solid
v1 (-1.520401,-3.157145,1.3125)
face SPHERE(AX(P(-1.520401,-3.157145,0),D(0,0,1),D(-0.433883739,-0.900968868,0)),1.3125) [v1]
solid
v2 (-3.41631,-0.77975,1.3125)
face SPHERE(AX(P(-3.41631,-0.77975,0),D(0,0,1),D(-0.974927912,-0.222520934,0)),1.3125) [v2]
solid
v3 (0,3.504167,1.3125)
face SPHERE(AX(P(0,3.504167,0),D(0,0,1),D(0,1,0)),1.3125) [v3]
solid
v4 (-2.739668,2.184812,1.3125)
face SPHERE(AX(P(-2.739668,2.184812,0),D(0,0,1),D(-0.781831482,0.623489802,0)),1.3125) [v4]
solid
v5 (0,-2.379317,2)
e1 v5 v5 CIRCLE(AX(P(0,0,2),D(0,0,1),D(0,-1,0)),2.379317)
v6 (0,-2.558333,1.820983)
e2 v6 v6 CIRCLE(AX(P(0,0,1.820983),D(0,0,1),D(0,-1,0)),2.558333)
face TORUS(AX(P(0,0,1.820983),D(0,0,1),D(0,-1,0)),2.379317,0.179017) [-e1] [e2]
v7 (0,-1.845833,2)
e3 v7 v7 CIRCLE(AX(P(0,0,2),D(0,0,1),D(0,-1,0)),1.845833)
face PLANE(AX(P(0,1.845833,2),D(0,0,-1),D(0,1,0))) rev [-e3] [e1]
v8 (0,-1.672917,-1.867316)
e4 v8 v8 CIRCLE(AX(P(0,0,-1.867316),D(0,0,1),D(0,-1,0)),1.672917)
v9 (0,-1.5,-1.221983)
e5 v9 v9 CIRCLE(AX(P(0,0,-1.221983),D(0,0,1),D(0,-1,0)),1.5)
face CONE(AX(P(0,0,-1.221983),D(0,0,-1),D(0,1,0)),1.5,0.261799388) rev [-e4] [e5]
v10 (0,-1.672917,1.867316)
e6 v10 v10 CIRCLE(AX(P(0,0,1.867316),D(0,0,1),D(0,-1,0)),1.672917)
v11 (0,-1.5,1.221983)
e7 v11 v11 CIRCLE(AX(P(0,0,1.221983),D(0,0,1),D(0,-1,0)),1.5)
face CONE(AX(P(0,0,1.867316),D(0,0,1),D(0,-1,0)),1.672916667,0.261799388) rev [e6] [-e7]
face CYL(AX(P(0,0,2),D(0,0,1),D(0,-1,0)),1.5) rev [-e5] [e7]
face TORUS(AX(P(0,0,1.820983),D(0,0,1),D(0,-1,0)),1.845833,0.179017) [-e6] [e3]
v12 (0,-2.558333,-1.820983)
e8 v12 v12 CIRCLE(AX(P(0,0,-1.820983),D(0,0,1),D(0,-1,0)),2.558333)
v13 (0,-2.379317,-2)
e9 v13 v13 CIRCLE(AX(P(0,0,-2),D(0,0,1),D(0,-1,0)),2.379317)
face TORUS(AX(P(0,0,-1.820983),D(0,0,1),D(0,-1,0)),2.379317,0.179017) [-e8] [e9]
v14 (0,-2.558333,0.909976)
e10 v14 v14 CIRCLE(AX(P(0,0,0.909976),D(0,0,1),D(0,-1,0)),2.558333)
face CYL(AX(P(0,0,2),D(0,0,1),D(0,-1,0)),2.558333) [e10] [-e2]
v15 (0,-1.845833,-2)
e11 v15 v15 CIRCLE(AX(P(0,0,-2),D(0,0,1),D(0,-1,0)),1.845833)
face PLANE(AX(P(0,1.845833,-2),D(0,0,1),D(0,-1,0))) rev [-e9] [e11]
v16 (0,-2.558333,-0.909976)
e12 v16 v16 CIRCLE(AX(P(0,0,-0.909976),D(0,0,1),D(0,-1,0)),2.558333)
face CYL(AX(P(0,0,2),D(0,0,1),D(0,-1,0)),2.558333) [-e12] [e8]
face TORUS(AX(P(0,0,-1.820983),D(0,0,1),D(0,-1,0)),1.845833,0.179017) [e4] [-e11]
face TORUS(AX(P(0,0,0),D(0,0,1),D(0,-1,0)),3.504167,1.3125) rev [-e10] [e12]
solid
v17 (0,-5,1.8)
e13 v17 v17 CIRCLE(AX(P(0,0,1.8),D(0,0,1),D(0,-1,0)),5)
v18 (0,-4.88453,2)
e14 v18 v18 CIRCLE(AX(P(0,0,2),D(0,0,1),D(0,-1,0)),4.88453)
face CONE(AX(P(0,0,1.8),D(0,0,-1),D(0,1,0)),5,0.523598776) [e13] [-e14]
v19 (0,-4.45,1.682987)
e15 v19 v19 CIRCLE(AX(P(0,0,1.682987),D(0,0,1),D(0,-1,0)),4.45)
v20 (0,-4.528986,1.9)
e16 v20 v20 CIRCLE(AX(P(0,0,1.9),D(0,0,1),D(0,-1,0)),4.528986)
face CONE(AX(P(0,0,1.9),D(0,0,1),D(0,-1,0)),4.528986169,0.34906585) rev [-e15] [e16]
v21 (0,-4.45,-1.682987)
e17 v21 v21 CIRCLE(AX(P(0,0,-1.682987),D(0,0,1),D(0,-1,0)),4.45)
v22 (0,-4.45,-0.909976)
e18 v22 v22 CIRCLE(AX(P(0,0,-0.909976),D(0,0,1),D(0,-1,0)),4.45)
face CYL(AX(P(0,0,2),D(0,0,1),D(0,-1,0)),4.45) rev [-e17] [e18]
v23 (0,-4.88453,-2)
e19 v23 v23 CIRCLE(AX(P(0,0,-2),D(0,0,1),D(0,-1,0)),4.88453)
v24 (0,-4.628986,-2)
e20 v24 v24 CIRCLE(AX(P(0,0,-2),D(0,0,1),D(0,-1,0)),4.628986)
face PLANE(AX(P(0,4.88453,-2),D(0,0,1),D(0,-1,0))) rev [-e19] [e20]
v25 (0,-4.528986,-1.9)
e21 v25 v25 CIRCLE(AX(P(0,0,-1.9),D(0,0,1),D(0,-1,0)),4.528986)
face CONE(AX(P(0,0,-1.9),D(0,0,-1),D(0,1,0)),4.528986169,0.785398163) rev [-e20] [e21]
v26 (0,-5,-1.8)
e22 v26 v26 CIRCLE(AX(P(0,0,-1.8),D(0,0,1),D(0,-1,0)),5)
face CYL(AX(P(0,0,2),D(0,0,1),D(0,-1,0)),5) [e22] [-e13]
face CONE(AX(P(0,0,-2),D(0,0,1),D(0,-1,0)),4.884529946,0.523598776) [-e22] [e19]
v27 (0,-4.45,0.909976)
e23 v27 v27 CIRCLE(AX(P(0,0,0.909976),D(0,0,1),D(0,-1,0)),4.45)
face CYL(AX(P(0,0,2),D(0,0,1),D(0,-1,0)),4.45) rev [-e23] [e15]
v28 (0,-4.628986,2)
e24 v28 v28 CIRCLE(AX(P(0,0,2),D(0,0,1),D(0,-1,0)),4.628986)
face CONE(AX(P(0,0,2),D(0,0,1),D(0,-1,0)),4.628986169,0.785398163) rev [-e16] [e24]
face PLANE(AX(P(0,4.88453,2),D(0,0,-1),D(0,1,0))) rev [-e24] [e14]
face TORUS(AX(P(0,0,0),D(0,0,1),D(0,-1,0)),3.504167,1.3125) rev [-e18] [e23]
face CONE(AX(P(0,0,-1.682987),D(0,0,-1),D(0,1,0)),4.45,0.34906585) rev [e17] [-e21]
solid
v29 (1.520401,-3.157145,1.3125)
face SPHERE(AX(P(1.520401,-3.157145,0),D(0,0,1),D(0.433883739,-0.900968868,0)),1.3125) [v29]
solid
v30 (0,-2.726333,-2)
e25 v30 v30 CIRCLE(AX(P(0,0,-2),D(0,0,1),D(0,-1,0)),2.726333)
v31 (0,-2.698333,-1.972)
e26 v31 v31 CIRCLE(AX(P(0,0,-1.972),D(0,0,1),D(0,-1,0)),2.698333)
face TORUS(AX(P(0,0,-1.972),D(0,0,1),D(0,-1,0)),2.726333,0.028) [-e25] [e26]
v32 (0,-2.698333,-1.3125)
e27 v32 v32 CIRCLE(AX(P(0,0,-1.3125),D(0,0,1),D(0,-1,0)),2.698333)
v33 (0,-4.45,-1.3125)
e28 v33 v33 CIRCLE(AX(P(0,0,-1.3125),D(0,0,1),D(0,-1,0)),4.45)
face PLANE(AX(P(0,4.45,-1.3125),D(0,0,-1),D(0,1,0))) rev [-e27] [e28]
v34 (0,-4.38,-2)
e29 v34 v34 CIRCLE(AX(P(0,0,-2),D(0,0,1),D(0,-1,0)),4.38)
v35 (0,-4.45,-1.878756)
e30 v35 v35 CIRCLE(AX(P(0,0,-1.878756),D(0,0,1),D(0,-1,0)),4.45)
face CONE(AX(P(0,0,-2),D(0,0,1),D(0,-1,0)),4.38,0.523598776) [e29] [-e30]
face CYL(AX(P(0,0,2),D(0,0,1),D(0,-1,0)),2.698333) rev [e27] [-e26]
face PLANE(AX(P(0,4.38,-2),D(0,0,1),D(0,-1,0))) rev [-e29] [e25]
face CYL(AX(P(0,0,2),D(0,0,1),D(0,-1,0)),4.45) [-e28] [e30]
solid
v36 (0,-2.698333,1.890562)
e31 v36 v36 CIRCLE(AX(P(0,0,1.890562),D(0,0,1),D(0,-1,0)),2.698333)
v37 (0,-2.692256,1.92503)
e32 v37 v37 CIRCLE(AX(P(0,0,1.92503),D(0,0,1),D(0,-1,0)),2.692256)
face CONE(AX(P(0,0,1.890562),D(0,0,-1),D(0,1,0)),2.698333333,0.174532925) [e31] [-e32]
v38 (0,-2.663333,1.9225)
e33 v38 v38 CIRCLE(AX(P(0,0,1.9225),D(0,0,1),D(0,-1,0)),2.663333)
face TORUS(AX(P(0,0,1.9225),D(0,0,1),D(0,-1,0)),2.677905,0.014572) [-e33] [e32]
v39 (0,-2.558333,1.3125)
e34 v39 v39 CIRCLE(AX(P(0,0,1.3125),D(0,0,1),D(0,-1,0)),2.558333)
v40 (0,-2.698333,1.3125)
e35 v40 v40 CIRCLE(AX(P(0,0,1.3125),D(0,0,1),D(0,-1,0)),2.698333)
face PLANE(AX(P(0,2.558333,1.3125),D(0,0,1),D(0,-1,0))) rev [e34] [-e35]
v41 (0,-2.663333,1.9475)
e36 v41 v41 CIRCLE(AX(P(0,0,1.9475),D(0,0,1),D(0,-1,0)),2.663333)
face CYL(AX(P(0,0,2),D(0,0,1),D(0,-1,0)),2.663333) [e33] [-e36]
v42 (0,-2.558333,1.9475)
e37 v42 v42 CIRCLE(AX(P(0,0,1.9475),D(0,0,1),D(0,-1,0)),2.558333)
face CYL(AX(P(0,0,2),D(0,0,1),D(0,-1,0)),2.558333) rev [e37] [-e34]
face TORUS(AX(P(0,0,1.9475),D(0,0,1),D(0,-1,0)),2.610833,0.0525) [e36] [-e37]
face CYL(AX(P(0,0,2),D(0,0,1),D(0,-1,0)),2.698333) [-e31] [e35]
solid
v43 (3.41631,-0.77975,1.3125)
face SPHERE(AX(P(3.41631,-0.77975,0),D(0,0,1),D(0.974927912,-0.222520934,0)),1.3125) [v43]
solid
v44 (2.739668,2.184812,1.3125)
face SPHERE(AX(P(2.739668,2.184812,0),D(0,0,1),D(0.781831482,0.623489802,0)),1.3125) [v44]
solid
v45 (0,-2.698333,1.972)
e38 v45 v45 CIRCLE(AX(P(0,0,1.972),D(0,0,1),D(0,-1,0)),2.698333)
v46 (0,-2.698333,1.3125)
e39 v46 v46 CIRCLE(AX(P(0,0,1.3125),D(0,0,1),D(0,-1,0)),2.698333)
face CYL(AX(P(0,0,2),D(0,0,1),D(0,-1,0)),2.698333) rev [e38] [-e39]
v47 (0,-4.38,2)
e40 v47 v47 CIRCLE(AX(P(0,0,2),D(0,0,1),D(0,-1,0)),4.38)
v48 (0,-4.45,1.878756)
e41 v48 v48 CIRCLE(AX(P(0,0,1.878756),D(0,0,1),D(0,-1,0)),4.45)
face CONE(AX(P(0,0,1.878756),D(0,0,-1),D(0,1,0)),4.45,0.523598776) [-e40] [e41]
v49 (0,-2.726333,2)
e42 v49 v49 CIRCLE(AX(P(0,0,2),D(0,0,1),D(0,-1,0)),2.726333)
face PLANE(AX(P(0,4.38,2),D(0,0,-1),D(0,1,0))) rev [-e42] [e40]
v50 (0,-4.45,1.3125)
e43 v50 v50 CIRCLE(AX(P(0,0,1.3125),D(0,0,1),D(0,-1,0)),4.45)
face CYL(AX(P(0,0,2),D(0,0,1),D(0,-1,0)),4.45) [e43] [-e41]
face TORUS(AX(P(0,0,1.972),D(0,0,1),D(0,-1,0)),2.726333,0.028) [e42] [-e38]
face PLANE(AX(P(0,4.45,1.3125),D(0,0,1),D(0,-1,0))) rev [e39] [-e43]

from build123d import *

# Parameters (mm, degrees)
CIRPATTERN1_COUNT = 7


with BuildPart() as part:
    # Sketch3 → Revolve1 (revolve)
    with BuildSketch(Plane(origin=(0, 0, 0), x_dir=(0, 0, -1), z_dir=(1, 0, 0)), mode=Mode.PRIVATE) as revolve1_sk:
        with BuildLine():
            Line((-1.682987285, 4.45), (-1.9, 4.528986169))
            Line((-1.9, 4.528986169), (-2, 4.628986169))
            Line((-2, 4.628986169), (-2, 4.884529946))
            Line((-2, 4.884529946), (-1.8, 5))
            Line((-1.8, 5), (1.8, 5))
            Line((1.8, 5), (2, 4.884529946))
            Line((2, 4.884529946), (2, 4.628986169))
            Line((2, 4.628986169), (1.9, 4.528986169))
            Line((1.9, 4.528986169), (1.682987285, 4.45))
            Line((1.682987285, 4.45), (0.90997558, 4.45))
            ThreePointArc((0.90997558, 4.45), (0, 4.816666667), (-0.90997558, 4.45))
            Line((-0.90997558, 4.45), (-1.682987285, 4.45))
        make_face()
    revolve(revolve1_sk.sketch.rotate(Axis((0, 0, 2), (0, 0, -1)), 180), axis=Axis((0, 0, 2), (0, 0, -1)))


with BuildPart() as body_2:
    # Sketch4 → Revolve2 (revolve)
    with BuildSketch(Plane(origin=(0, 0, 0), x_dir=(0, 0, -1), z_dir=(1, 0, 0)), mode=Mode.PRIVATE) as revolve2_sk:
        with BuildLine():
            Line((-1.22198259, 1.5), (-1.867316375, 1.672916667))
            ThreePointArc((-1.867316375, 1.672916667), (-1.963006837, 1.736854989), (-2, 1.845833333))
            Line((-2, 1.845833333), (-2, 2.379316827))
            ThreePointArc((-2, 2.379316827), (-1.947567279, 2.505900613), (-1.820983494, 2.558333333))
            Line((-1.820983494, 2.558333333), (-0.90997558, 2.558333333))
            ThreePointArc((-0.90997558, 2.558333333), (0, 2.191666667), (0.90997558, 2.558333333))
            Line((0.90997558, 2.558333333), (1.820983494, 2.558333333))
            ThreePointArc((1.820983494, 2.558333333), (1.947567279, 2.505900613), (2, 2.379316827))
            Line((2, 2.379316827), (2, 1.845833333))
            ThreePointArc((2, 1.845833333), (1.963006837, 1.736854989), (1.867316375, 1.672916667))
            Line((1.867316375, 1.672916667), (1.22198259, 1.5))
            Line((1.22198259, 1.5), (-1.22198259, 1.5))
        make_face()
    revolve(revolve2_sk.sketch.rotate(Axis((0, 0, 2), (0, 0, -1)), 180), axis=Axis((0, 0, 2), (0, 0, -1)))


with BuildPart() as body_3:
    # Sketch5 → Revolve3 (revolve)
    with BuildSketch(Plane(origin=(0, 0, 0), x_dir=(0, 0, -1), z_dir=(1, 0, 0))):
        with BuildLine():
            Line((-1.3125, 3.504166667), (1.3125, 3.504166667))
            ThreePointArc((1.3125, 3.504166667), (0, 4.816666667), (-1.3125, 3.504166667))
        make_face()
    revolve(axis=Axis((0, 3.504166667, 1.3125), (0, 0, -1)))


with BuildPart() as cirpattern1_1:
    # CirPattern1: pattern copy
    add(body_3.part.rotate(Axis((0, 0, 0), (0, 0, 1)), 1 * 360 / CIRPATTERN1_COUNT))


with BuildPart() as cirpattern1_2:
    # CirPattern1: pattern copy
    add(body_3.part.rotate(Axis((0, 0, 0), (0, 0, 1)), 2 * 360 / CIRPATTERN1_COUNT))


with BuildPart() as cirpattern1_3:
    # CirPattern1: pattern copy
    add(body_3.part.rotate(Axis((0, 0, 0), (0, 0, 1)), 3 * 360 / CIRPATTERN1_COUNT))


with BuildPart() as cirpattern1_4:
    # CirPattern1: pattern copy
    add(body_3.part.rotate(Axis((0, 0, 0), (0, 0, 1)), 4 * 360 / CIRPATTERN1_COUNT))


with BuildPart() as cirpattern1_5:
    # CirPattern1: pattern copy
    add(body_3.part.rotate(Axis((0, 0, 0), (0, 0, 1)), 5 * 360 / CIRPATTERN1_COUNT))


with BuildPart() as cirpattern1_6:
    # CirPattern1: pattern copy
    add(body_3.part.rotate(Axis((0, 0, 0), (0, 0, 1)), 6 * 360 / CIRPATTERN1_COUNT))


with BuildPart() as body_10:
    # Sketch6 → Revolve4 (revolve)
    with BuildSketch(Plane(origin=(0, 0, 0), x_dir=(0, 0, -1), z_dir=(1, 0, 0)), mode=Mode.PRIVATE) as revolve4_sk:
        with BuildLine():
            Line((-1.878756443, 4.45), (-1.3125, 4.45))
            Line((-1.3125, 4.45), (-1.3125, 2.698333333))
            Line((-1.3125, 2.698333333), (-1.972, 2.698333333))
            ThreePointArc((-1.972, 2.698333333), (-1.99179899, 2.706534343), (-2, 2.726333333))
            Line((-2, 2.726333333), (-2, 4.38))
            Line((-2, 4.38), (-1.878756443, 4.45))
        make_face()
        with BuildLine():
            Line((1.972, 2.698333333), (1.3125, 2.698333333))
            Line((1.3125, 2.698333333), (1.3125, 4.45))
            Line((1.3125, 4.45), (1.878756443, 4.45))
            Line((1.878756443, 4.45), (2, 4.38))
            Line((2, 4.38), (2, 2.726333333))
            ThreePointArc((2, 2.726333333), (1.99179899, 2.706534343), (1.972, 2.698333333))
        make_face()
    revolve(revolve4_sk.sketch.rotate(Axis((0, 0, 2), (0, 0, -1)), 180), axis=Axis((0, 0, 2), (0, 0, -1)))


with BuildPart() as body_11:
    # Sketch7 → Revolve5 (revolve)
    with BuildSketch(Plane(origin=(0, 0, 0), x_dir=(0, 0, -1), z_dir=(1, 0, 0)), mode=Mode.PRIVATE) as revolve5_sk:
        with BuildLine():
            Line((-1.3125, 2.698333333), (-1.890562103, 2.698333333))
            Line((-1.890562103, 2.698333333), (-1.925030375, 2.692255647))
            ThreePointArc((-1.925030375, 2.692255647), (-1.937016396, 2.67663516), (-1.9225, 2.663333333))
            Line((-1.9225, 2.663333333), (-1.9475, 2.663333333))
            ThreePointArc((-1.9475, 2.663333333), (-2, 2.610833333), (-1.9475, 2.558333333))
            Line((-1.9475, 2.558333333), (-1.3125, 2.558333333))
            Line((-1.3125, 2.558333333), (-1.3125, 2.698333333))
        make_face()
    revolve(revolve5_sk.sketch.rotate(Axis((0, 0, 2), (0, 0, -1)), 180), axis=Axis((0, 0, 2), (0, 0, -1)))


solid = Compound([part.part, body_2.part, body_3.part, cirpattern1_1.part, cirpattern1_2.part, cirpattern1_3.part, cirpattern1_4.part, cirpattern1_5.part, cirpattern1_6.part, body_10.part, body_11.part])
